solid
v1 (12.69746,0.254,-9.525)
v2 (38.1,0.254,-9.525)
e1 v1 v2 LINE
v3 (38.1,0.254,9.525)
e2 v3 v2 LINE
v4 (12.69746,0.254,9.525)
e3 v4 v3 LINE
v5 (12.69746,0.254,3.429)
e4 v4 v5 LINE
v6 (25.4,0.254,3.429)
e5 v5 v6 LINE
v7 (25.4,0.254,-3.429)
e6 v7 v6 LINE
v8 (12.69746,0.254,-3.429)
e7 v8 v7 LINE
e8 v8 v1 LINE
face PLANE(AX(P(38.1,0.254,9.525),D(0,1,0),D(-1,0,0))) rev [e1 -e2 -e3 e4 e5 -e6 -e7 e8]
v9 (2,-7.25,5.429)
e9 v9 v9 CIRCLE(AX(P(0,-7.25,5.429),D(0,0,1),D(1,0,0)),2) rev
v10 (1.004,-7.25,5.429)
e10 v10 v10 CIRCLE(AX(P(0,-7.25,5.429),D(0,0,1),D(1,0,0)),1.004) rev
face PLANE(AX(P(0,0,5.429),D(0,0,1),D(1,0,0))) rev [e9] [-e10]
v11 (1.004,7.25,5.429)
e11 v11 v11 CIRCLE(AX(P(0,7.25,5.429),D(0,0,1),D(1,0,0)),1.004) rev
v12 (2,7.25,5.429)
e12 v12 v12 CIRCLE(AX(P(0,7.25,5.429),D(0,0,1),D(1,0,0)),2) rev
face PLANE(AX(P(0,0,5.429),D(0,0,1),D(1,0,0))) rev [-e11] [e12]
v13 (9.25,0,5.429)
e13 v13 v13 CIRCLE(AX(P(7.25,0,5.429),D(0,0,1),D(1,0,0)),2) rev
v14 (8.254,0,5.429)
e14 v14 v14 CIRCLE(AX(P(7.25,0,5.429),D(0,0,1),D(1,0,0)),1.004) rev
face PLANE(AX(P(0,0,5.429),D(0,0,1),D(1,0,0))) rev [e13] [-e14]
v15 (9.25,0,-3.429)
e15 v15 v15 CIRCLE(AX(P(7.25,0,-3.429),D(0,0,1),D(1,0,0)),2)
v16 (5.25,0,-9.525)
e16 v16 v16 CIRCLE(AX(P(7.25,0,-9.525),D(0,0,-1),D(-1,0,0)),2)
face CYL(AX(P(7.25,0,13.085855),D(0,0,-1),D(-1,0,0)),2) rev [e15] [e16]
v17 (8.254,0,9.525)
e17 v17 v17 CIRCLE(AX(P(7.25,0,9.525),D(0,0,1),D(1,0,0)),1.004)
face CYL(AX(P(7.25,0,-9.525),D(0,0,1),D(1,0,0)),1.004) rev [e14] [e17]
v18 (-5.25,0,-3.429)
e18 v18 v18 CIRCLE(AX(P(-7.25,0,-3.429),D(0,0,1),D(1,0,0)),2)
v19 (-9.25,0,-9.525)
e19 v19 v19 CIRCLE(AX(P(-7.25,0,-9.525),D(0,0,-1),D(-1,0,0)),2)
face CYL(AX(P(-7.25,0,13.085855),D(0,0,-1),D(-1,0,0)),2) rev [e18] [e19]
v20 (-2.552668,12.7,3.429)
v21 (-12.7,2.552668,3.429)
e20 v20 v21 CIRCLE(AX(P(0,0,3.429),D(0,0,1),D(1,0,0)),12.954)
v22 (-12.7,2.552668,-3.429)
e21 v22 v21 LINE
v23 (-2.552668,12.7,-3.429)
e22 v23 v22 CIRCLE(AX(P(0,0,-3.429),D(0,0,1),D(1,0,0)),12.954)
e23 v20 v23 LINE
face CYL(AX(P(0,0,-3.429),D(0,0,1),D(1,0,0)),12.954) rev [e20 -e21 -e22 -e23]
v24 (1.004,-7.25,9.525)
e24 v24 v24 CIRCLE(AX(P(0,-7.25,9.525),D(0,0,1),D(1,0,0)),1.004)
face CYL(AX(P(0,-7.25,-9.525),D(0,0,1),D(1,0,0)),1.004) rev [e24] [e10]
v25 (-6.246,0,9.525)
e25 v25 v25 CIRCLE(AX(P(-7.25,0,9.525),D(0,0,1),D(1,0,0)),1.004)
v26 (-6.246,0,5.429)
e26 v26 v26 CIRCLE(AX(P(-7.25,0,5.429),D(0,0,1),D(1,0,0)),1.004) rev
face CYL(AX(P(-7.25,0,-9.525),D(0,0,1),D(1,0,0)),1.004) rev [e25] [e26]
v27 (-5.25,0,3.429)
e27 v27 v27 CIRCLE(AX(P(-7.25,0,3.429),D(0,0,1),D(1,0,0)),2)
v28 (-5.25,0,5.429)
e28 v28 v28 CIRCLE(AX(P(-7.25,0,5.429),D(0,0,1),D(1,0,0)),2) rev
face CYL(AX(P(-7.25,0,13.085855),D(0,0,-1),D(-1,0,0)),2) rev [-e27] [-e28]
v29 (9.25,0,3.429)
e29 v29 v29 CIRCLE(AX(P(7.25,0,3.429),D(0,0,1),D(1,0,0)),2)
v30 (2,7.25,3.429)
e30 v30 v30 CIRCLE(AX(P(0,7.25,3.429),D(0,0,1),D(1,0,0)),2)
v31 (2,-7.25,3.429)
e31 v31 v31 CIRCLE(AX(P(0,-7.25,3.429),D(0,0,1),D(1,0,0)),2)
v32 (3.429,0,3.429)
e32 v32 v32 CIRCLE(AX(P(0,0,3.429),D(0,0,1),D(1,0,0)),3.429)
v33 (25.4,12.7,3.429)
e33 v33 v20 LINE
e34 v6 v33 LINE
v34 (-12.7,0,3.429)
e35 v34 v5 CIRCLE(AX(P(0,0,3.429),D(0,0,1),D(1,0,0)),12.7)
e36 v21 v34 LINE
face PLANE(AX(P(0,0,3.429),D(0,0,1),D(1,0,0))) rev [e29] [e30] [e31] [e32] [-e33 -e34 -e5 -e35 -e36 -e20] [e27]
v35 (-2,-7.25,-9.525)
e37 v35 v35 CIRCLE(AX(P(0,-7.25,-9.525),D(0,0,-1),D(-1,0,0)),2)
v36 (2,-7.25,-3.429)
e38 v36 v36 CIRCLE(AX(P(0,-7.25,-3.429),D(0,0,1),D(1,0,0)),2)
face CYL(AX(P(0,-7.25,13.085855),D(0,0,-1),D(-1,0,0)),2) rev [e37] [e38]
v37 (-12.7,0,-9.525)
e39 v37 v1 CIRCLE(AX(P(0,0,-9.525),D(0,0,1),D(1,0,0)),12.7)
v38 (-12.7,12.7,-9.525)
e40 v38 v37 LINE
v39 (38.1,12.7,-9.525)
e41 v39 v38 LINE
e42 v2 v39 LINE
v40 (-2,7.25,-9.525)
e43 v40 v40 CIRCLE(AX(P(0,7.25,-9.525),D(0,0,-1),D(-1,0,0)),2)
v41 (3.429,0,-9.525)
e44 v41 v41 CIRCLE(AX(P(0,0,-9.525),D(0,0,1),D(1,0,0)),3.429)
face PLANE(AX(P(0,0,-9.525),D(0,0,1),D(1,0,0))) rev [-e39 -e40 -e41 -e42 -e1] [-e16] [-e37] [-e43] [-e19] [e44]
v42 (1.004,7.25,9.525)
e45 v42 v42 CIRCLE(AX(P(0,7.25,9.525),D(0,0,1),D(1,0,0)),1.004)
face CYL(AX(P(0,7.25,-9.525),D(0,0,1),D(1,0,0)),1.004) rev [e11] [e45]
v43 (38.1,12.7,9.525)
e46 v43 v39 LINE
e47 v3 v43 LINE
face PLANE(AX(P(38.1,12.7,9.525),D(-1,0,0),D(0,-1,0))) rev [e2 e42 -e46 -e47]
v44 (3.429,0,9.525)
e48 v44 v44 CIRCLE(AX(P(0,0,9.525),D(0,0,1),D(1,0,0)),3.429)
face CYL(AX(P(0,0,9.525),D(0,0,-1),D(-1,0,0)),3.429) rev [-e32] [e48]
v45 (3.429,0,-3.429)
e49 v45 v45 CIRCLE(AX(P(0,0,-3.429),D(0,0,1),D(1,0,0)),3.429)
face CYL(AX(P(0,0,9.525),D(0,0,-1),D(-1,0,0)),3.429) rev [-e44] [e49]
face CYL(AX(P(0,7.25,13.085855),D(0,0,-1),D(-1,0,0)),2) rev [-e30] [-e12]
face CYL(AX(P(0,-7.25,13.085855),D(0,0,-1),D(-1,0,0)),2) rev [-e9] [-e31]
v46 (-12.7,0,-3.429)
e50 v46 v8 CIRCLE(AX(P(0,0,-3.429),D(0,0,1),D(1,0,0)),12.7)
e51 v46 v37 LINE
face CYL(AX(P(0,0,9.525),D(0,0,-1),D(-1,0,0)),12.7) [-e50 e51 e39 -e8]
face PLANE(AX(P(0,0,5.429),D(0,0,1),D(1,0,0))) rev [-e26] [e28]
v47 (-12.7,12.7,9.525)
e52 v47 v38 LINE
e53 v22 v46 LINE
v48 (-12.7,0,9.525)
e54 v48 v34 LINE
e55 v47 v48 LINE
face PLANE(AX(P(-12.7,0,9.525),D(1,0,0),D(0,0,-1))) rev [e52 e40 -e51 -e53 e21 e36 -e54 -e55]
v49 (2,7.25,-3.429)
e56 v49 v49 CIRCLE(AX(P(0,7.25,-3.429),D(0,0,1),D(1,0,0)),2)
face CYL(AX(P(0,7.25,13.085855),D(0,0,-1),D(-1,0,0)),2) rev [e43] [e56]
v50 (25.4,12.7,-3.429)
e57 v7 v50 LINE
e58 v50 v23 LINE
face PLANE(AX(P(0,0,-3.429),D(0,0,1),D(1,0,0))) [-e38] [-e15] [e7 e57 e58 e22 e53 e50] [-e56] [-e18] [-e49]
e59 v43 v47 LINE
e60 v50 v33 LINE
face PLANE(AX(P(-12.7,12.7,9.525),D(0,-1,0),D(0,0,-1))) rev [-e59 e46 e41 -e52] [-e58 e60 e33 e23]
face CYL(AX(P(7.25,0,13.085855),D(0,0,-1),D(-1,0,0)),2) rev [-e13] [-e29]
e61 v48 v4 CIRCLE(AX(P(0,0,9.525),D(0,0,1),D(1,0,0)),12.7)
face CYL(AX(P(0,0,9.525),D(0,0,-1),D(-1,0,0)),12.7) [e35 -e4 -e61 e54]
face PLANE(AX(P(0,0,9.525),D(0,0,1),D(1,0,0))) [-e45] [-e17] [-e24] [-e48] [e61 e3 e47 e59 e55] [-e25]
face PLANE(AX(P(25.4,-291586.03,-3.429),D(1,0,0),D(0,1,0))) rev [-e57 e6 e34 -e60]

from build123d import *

# Parameters (mm, degrees)
SKETCH1_R           = 3.429
BOSS_EXTRUDE1_DEPTH = 9.525
CUT_EXTRUDE1_START  = -9.525
CUT_EXTRUDE1_DEPTH  = 3.429
SKETCH4_R           = 1.004000024
CUT_EXTRUDE2_DEPTH  = 20.05
SKETCH5_R           = 2.000000064
CUT_EXTRUDE3_DEPTH  = 14.954


with BuildPart() as part:
    # Sketch1 → Boss-Extrude1 (new body, symmetric)
    with BuildSketch(Plane.XY):
        with BuildLine():
            Line((-12.7, 0), (-12.7, 12.7))
            Line((-12.7, 12.7), (38.1, 12.7))
            Line((38.1, 12.7), (38.1, 0.254))
            Line((38.1, 0.254), (12.697459746, 0.254))
            ThreePointArc((12.697459746, 0.254), (0.127006351, -12.699364921), (-12.7, 0))
        make_face()
        Circle(SKETCH1_R, mode=Mode.SUBTRACT)
    extrude(amount=BOSS_EXTRUDE1_DEPTH, both=True)

    # Sketch3 → Cut-Extrude1 (cut, symmetric)
    with BuildSketch(Plane.XY.offset(9.525).offset(CUT_EXTRUDE1_START)):
        with BuildLine():
            Line((25.4, 12.7), (25.4, 0.254))
            Line((25.4, 0.254), (12.951509565, 0.254))
            ThreePointArc((12.951509565, 0.254), (-9.069614104, -9.24922786), (0, 12.954))
            Line((0, 12.954), (0, 12.7))
            Line((0, 12.7), (25.4, 12.7))
        make_face()
    extrude(amount=CUT_EXTRUDE1_DEPTH, both=True, mode=Mode.SUBTRACT)

    # Sketch4 → Cut-Extrude2 (cut, through all)
    with BuildSketch(Plane.XY.offset(9.525)):
        with Locations((7.249999978, 0)):
            Circle(SKETCH4_R)
        with Locations((0, -7.249999978)):
            Circle(SKETCH4_R)
        with Locations((-7.249999978, 0)):
            Circle(SKETCH4_R)
        with Locations((0, 7.249999978)):
            Circle(SKETCH4_R)
    extrude(amount=-CUT_EXTRUDE2_DEPTH, mode=Mode.SUBTRACT)

    # Sketch5 → Cut-Extrude3 (cut)
    with BuildSketch(Plane(origin=(0, 0, -9.525), x_dir=(-1, 0, 0), z_dir=(0, 0, -1))):
        with Locations((7.249999978, 0)):
            Circle(SKETCH5_R)
        with Locations((0, -7.249999978)):
            Circle(SKETCH5_R)
        with Locations((-7.249999978, 0)):
            Circle(SKETCH5_R)
        with Locations((0, 7.249999978)):
            Circle(SKETCH5_R)
    extrude(amount=-CUT_EXTRUDE3_DEPTH, mode=Mode.SUBTRACT)


solid = part.part
